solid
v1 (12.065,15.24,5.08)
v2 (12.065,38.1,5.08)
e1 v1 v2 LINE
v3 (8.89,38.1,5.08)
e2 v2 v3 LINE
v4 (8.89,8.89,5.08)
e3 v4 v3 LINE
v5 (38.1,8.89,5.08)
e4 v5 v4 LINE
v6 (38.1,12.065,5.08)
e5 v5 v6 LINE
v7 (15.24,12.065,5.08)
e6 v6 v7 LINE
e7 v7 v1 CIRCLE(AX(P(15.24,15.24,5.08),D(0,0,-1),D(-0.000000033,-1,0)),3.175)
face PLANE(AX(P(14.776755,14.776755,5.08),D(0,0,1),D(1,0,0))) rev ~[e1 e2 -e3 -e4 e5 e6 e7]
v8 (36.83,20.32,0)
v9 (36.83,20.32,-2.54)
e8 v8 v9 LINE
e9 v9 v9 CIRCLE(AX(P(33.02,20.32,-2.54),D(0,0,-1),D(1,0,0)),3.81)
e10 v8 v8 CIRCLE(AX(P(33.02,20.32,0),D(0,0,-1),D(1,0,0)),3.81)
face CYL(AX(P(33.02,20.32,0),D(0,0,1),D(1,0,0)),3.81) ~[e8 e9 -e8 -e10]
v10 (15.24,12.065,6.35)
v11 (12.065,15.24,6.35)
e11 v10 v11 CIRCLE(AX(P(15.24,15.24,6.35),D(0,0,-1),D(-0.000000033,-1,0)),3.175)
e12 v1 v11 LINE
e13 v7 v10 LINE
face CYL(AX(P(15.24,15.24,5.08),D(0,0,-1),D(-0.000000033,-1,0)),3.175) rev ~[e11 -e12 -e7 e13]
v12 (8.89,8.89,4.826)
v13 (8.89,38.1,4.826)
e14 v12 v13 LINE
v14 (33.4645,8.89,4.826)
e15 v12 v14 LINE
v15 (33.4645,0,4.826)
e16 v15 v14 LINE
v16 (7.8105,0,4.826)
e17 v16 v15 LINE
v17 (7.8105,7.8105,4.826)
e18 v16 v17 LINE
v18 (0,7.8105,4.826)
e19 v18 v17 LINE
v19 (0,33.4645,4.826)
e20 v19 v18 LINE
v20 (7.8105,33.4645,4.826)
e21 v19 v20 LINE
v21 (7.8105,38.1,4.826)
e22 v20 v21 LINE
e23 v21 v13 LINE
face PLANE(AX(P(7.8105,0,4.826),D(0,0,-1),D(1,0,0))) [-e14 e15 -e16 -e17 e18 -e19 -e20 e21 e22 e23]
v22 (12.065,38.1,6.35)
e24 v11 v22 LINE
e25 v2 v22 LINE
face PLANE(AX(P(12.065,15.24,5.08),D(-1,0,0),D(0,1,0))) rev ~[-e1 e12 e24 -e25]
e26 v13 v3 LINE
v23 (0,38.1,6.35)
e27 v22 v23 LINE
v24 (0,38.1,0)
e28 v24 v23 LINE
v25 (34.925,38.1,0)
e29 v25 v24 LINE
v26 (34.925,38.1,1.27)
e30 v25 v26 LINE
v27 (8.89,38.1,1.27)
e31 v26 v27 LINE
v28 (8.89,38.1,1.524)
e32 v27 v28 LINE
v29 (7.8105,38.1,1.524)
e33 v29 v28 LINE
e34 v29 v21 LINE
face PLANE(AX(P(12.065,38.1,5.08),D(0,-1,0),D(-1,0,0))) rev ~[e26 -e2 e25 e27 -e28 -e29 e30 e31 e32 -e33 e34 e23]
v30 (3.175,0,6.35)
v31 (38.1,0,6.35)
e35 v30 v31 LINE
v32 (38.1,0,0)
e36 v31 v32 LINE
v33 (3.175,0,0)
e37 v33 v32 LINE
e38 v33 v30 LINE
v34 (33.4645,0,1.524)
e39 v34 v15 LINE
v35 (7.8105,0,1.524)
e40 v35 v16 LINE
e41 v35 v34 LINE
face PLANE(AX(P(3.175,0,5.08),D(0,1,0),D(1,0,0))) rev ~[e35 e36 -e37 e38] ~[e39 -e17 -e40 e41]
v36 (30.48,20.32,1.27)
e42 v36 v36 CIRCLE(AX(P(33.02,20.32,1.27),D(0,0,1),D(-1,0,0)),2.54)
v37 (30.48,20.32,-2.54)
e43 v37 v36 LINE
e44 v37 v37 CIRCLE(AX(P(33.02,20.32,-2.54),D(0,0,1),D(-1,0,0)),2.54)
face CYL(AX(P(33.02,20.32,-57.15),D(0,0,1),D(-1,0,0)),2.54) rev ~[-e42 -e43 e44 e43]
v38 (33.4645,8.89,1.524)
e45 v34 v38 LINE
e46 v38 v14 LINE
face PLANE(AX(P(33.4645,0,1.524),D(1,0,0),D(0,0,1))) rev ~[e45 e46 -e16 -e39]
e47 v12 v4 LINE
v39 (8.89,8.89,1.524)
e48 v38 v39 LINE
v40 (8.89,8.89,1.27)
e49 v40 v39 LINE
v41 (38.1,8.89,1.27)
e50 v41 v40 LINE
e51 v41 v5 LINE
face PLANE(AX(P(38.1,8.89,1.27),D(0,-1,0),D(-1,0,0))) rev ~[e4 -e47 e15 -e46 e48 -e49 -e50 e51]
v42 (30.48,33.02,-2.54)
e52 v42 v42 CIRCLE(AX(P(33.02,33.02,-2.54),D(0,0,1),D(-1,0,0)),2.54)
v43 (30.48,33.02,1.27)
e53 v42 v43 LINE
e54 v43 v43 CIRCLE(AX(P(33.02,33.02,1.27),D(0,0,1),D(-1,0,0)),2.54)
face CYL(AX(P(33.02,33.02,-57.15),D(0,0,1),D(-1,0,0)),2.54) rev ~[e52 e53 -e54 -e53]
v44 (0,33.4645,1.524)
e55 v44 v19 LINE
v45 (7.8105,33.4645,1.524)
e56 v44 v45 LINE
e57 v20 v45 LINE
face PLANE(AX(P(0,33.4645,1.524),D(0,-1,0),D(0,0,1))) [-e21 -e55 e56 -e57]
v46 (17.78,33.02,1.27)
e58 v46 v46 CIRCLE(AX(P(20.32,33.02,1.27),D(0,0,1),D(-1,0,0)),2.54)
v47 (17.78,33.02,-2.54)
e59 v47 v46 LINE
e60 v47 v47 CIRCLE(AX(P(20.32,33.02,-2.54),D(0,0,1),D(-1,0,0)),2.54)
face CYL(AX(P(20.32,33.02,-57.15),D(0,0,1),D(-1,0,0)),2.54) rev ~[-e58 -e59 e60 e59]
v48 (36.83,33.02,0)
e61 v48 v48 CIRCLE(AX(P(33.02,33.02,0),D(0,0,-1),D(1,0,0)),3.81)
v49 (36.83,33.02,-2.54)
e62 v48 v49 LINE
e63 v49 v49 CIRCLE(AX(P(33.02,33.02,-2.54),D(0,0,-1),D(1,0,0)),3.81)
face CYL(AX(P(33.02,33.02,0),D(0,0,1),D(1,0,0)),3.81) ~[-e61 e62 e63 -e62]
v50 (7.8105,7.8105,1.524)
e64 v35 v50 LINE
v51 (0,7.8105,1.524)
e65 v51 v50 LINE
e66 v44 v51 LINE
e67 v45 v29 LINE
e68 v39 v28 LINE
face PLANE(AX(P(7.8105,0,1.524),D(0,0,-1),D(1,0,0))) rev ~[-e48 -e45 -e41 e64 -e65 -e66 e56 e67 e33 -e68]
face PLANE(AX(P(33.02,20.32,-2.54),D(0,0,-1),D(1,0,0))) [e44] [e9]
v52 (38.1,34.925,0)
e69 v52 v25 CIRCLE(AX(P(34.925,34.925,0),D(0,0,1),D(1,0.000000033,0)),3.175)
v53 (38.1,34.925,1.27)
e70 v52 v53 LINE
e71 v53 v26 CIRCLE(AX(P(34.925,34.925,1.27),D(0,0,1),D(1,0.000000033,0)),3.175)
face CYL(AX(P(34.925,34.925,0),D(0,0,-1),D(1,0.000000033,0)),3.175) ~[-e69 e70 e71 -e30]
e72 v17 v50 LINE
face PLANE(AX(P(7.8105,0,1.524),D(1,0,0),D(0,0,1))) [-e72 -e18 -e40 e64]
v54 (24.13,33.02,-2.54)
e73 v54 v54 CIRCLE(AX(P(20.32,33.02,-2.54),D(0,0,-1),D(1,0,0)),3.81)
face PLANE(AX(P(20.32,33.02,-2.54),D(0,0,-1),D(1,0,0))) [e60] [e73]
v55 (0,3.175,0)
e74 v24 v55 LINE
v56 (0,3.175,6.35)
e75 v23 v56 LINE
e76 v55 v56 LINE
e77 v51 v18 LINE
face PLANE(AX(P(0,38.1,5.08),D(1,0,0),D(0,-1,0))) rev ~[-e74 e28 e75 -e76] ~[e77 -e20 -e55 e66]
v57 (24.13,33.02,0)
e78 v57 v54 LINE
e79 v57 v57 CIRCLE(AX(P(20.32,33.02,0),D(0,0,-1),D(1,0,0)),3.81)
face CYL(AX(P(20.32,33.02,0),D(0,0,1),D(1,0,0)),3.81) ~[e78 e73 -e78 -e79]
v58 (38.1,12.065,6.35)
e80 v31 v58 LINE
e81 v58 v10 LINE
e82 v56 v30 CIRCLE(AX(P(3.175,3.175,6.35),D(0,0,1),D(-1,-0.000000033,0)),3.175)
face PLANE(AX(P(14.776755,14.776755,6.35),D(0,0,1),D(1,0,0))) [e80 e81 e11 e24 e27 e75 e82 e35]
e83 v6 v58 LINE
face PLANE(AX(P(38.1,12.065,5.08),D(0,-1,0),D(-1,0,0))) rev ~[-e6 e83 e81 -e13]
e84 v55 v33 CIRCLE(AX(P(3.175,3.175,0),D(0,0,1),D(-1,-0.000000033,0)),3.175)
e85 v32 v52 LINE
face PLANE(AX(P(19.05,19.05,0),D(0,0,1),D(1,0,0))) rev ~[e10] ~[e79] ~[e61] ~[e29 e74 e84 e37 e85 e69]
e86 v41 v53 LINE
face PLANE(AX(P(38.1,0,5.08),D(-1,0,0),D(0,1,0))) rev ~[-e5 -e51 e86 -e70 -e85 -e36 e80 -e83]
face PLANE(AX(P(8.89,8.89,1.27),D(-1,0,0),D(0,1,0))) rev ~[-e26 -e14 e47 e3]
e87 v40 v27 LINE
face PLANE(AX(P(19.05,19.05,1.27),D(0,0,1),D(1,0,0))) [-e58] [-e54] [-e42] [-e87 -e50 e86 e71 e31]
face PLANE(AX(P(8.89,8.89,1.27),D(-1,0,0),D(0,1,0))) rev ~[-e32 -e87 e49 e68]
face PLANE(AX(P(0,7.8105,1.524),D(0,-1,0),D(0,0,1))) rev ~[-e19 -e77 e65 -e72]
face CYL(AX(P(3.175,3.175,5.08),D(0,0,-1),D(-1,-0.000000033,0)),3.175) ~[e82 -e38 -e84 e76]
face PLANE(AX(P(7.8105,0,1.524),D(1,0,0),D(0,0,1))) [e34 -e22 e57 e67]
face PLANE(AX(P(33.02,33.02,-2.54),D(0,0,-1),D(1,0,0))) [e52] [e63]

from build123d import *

# Parameters (mm, degrees)
F1_DEPTH  = 1.27
F3_DEPTH  = 3.81
F5_DEPTH  = 1.27
F6_W      = 25.654
F6_H      = 3.302
F7_DEPTH  = 38.101
F8_W      = 25.654
F8_H      = 3.302
F9_DEPTH  = 25.4
F10_R     = 3.81
F11_DEPTH = 2.54
F13_D     = 5.08


with BuildPart() as f1:
    # F0 (on Top) → F1 (new body)
    with BuildSketch(Plane.XY):
        with BuildLine():
            Line((0, 38.1), (0, 3.175))
            ThreePointArc((0, 3.175), (0.929936, 0.929936), (3.175, 0))
            Line((3.175, 0), (38.1, 0))
            Line((38.1, 0), (38.1, 34.925))
            ThreePointArc((38.1, 34.925), (37.170064, 37.170064), (34.925, 38.1))
            Line((34.925, 38.1), (0, 38.1))
        make_face()
    extrude(amount=F1_DEPTH)

    # F2 (on face) → F3 (join)
    with BuildSketch(Plane.XY.offset(1.27)):
        with BuildLine():
            Line((0, 38.1), (0, 3.175))
            ThreePointArc((0, 3.175), (0.929936, 0.929936), (3.175, 0))
            Line((3.175, 0), (38.1, 0))
            Line((38.1, 0), (38.1, 8.89))
            Line((38.1, 8.89), (8.89, 8.89))
            Line((8.89, 8.89), (8.89, 38.1))
            Line((8.89, 38.1), (0, 38.1))
        make_face()
    extrude(amount=F3_DEPTH)

    # F4 (on face) → F5 (join)
    with BuildSketch(Plane.XY.offset(5.08)):
        with BuildLine():
            Line((12.065, 38.1), (8.89, 38.1))
            Line((8.89, 38.1), (0, 38.1))
            Line((0, 38.1), (0, 3.175))
            ThreePointArc((0, 3.175), (0.929936, 0.929936), (3.175, 0))
            Line((3.175, 0), (38.1, 0))
            Line((38.1, 0), (38.1, 8.89))
            Line((38.1, 8.89), (38.1, 12.065))
            Line((38.1, 12.065), (15.24, 12.065))
            ThreePointArc((15.24, 12.065), (12.994936, 12.994936), (12.065, 15.24))
            Line((12.065, 15.24), (12.065, 38.1))
        make_face()
    extrude(amount=F5_DEPTH)

    # F6 (on face) → F7 (cut, through all)
    with BuildSketch(Plane.XZ):
        with Locations((20.6375, 3.175)):
            Rectangle(F6_W, F6_H)
    extrude(amount=-F7_DEPTH, mode=Mode.SUBTRACT)

    # F8 (on face) → F9 (cut)
    with BuildSketch(Plane(origin=(0, 0, 0), x_dir=(0, -1, 0), z_dir=(-1, 0, 0))):
        with Locations((-20.6375, 3.175)):
            Rectangle(F8_W, F8_H)
    extrude(amount=-F9_DEPTH, mode=Mode.SUBTRACT)

    # F10 (on face) → F11 (join)
    with BuildSketch(Plane(origin=(0, 0, 0), x_dir=(1, 0, 0), z_dir=(0, 0, -1))):
        with Locations((33.02, -33.02)):
            Circle(F10_R)
        with Locations((33.02, -20.32)):
            Circle(F10_R)
        with Locations((20.32, -33.02)):
            Circle(F10_R)
    extrude(amount=F11_DEPTH)

    # F13 (through all)
    with Locations(Plane(origin=(0, 0, -2.54), x_dir=(1, 0, 0), z_dir=(0, 0, -1))):
        with Locations((20.32, -33.02), (33.02, -33.02), (33.02, -20.32)):
            Hole(F13_D / 2)


solid = f1.part
